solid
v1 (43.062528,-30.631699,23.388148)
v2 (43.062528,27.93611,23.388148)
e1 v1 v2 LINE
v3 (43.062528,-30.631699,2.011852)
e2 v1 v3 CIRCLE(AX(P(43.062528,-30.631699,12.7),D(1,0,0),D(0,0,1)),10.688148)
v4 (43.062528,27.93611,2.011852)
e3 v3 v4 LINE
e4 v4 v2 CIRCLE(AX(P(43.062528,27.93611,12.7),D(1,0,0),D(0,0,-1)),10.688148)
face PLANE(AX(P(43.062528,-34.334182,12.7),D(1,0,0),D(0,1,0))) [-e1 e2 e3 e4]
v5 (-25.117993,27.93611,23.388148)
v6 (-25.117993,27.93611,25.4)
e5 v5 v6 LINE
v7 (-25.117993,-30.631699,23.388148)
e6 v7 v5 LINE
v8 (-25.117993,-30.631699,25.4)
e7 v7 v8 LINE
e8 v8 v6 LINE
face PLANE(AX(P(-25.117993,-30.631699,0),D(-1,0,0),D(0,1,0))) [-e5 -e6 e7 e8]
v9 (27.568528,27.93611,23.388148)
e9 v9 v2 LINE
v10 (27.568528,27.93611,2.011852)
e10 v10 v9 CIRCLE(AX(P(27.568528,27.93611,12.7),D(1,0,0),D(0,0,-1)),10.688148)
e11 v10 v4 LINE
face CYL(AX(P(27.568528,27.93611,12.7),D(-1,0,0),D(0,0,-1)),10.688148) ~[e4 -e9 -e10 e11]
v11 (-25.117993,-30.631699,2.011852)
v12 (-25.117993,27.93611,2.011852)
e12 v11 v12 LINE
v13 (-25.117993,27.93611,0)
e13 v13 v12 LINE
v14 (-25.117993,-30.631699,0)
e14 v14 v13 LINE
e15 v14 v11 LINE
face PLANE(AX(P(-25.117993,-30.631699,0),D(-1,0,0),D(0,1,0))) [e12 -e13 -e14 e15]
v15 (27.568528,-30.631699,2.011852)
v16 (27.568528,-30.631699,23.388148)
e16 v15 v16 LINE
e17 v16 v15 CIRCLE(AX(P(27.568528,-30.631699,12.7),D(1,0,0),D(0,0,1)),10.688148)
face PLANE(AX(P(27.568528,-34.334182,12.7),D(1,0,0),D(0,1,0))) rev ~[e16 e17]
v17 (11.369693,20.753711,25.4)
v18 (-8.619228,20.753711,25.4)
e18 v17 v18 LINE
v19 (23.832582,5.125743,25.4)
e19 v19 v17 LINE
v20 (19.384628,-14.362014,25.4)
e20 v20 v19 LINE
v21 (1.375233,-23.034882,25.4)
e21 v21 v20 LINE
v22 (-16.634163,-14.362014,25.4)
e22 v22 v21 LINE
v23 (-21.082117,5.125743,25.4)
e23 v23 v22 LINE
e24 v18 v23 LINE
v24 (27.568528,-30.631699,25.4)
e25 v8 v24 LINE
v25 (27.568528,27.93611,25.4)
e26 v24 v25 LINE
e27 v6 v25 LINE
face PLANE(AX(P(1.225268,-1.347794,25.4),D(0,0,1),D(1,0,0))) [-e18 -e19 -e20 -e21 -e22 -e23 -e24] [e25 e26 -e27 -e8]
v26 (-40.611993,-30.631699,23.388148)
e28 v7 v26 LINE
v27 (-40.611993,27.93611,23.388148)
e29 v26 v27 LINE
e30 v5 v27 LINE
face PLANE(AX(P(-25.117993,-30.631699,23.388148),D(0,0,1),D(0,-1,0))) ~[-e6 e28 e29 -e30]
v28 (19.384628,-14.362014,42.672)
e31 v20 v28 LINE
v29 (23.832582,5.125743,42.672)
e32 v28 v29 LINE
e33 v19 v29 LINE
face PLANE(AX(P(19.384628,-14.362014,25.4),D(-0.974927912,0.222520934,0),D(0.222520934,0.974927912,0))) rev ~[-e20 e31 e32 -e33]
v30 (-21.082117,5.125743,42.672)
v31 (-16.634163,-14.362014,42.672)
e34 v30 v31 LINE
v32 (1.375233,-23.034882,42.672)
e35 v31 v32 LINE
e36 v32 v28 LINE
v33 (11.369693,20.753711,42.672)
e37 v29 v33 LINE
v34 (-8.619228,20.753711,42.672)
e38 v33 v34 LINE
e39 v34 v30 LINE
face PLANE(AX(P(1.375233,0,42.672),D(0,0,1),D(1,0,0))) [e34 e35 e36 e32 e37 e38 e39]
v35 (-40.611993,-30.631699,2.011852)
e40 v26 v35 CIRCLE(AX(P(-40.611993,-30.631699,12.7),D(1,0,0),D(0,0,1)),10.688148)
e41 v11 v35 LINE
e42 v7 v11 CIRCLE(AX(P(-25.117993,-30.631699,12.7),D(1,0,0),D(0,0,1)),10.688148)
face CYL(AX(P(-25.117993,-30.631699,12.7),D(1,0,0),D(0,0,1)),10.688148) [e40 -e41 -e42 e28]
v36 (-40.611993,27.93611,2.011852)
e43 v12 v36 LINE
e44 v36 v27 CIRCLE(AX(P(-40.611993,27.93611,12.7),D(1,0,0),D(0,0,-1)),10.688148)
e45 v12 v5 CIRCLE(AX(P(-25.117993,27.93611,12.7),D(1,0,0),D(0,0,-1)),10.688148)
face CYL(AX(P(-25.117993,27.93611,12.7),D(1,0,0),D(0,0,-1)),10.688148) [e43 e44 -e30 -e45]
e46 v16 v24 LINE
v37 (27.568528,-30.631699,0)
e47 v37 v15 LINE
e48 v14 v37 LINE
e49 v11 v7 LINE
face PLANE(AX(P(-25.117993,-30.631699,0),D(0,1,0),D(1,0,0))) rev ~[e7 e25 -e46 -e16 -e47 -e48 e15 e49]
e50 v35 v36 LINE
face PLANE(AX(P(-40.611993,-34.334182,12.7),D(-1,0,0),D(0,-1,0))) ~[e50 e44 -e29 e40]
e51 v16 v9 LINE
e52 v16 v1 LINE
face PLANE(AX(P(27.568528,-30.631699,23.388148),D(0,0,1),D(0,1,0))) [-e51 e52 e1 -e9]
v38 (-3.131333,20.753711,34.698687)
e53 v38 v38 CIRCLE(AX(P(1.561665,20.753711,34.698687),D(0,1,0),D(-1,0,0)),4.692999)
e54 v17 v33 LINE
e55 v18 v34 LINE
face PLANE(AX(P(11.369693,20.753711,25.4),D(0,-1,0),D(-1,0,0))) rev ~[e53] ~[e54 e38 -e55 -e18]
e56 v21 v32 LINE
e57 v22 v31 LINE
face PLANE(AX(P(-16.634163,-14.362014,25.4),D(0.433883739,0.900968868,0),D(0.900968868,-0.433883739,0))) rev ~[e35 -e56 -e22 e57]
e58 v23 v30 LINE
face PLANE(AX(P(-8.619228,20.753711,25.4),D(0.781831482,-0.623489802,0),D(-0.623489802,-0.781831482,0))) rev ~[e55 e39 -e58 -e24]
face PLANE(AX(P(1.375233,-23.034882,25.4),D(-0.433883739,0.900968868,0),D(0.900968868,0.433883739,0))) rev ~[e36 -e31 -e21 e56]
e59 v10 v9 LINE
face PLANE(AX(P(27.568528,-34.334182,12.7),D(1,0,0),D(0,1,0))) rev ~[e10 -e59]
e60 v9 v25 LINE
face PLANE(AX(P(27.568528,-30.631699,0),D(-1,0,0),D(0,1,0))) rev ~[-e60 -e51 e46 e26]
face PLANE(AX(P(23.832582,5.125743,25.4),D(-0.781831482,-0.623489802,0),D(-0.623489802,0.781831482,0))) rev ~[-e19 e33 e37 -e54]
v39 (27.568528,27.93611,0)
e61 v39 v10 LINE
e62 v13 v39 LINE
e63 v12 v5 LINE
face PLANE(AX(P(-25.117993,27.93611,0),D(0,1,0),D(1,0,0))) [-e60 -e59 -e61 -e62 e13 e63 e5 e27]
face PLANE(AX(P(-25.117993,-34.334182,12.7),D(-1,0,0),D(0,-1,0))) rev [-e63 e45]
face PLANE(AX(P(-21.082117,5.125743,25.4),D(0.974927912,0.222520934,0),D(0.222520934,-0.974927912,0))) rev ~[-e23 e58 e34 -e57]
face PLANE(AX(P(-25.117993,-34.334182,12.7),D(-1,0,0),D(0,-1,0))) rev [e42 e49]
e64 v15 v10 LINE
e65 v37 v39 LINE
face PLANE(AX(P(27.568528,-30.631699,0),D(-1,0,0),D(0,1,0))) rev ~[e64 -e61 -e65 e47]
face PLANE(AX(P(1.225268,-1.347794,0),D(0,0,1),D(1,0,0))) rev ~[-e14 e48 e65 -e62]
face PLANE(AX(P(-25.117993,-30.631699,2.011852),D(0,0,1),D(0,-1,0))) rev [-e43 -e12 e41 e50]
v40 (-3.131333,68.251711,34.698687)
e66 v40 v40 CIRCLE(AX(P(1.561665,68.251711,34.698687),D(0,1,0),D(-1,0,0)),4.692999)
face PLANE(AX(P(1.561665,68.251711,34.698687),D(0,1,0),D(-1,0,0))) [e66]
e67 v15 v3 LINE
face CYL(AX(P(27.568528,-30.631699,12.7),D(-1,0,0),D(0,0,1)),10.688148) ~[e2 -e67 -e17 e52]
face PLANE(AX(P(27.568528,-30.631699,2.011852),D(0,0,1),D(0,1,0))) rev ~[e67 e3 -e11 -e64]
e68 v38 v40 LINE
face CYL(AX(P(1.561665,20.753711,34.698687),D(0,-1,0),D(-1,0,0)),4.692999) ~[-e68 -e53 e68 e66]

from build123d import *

# Parameters (mm, degrees)
F0_W     = 52.6865217835
F0_H     = 58.567808941
F1_DEPTH = 25.4
F2_W     = 58.567808941
F2_H     = 21.3762959349
F3_DEPTH = 15.494
F7_DEPTH = 17.272
F8_R     = 4.6929987143
F9_DEPTH = 47.498


with BuildPart() as f1:
    # F0 (on Top) → F1 (new body)
    with BuildSketch(Plane.XY):
        with Locations((1.2252675369, -1.3477941975)):
            Rectangle(F0_W, F0_H)
    extrude(amount=F1_DEPTH)

    # F2 (on face) → F3 (join)
    with BuildSketch(Plane.YZ.offset(27.5685284287)):
        with BuildLine():
            Line((-30.631698668, 2.0118520325), (-30.631698668, 23.3881479675))
            ThreePointArc((-30.631698668, 23.3881479675), (-41.3198466355, 12.7), (-30.631698668, 2.0118520325))
        make_face()
        with Locations((-1.3477941975, 12.7)):
            Rectangle(F2_W, F2_H)
        with BuildLine():
            ThreePointArc((27.936110273, 2.0118520325), (38.6242582405, 12.7), (27.936110273, 23.3881479675))
            Line((27.936110273, 23.3881479675), (27.936110273, 2.0118520325))
        make_face()
    extrude(amount=F3_DEPTH)

    # F5: F1 across plane


with BuildPart() as f1_1:
    add(f1.part)
    add(f1.part.mirror(Plane(origin=(1.2252675369, -1.3477941975, 18.5470369919), x_dir=(0, 1, 0), z_dir=(1, 0, 0))))

    # F6 (on face) → F7 (join)
    with BuildSketch(Plane.XY.offset(25.4)):
        Polygon((11.3696932765, 20.753711462), (-8.6192280958, 20.753711462), (-21.0821167216, 5.1257434326), (-16.6341632691, -14.3620139477), (1.3752325904, -23.0348818937), (19.3846284498, -14.3620139477), (23.8325819023, 5.1257434326), align=None)
    extrude(amount=F7_DEPTH)

    # F8 (on face) → F9 (join)
    with BuildSketch(Plane(origin=(0, 20.753711462, 0), x_dir=(-1, 0, 0), z_dir=(0, 1, 0))):
        with Locations((-1.5616653254, 34.6986874938)):
            Circle(F8_R)
    extrude(amount=F9_DEPTH)


solid = f1_1.part
